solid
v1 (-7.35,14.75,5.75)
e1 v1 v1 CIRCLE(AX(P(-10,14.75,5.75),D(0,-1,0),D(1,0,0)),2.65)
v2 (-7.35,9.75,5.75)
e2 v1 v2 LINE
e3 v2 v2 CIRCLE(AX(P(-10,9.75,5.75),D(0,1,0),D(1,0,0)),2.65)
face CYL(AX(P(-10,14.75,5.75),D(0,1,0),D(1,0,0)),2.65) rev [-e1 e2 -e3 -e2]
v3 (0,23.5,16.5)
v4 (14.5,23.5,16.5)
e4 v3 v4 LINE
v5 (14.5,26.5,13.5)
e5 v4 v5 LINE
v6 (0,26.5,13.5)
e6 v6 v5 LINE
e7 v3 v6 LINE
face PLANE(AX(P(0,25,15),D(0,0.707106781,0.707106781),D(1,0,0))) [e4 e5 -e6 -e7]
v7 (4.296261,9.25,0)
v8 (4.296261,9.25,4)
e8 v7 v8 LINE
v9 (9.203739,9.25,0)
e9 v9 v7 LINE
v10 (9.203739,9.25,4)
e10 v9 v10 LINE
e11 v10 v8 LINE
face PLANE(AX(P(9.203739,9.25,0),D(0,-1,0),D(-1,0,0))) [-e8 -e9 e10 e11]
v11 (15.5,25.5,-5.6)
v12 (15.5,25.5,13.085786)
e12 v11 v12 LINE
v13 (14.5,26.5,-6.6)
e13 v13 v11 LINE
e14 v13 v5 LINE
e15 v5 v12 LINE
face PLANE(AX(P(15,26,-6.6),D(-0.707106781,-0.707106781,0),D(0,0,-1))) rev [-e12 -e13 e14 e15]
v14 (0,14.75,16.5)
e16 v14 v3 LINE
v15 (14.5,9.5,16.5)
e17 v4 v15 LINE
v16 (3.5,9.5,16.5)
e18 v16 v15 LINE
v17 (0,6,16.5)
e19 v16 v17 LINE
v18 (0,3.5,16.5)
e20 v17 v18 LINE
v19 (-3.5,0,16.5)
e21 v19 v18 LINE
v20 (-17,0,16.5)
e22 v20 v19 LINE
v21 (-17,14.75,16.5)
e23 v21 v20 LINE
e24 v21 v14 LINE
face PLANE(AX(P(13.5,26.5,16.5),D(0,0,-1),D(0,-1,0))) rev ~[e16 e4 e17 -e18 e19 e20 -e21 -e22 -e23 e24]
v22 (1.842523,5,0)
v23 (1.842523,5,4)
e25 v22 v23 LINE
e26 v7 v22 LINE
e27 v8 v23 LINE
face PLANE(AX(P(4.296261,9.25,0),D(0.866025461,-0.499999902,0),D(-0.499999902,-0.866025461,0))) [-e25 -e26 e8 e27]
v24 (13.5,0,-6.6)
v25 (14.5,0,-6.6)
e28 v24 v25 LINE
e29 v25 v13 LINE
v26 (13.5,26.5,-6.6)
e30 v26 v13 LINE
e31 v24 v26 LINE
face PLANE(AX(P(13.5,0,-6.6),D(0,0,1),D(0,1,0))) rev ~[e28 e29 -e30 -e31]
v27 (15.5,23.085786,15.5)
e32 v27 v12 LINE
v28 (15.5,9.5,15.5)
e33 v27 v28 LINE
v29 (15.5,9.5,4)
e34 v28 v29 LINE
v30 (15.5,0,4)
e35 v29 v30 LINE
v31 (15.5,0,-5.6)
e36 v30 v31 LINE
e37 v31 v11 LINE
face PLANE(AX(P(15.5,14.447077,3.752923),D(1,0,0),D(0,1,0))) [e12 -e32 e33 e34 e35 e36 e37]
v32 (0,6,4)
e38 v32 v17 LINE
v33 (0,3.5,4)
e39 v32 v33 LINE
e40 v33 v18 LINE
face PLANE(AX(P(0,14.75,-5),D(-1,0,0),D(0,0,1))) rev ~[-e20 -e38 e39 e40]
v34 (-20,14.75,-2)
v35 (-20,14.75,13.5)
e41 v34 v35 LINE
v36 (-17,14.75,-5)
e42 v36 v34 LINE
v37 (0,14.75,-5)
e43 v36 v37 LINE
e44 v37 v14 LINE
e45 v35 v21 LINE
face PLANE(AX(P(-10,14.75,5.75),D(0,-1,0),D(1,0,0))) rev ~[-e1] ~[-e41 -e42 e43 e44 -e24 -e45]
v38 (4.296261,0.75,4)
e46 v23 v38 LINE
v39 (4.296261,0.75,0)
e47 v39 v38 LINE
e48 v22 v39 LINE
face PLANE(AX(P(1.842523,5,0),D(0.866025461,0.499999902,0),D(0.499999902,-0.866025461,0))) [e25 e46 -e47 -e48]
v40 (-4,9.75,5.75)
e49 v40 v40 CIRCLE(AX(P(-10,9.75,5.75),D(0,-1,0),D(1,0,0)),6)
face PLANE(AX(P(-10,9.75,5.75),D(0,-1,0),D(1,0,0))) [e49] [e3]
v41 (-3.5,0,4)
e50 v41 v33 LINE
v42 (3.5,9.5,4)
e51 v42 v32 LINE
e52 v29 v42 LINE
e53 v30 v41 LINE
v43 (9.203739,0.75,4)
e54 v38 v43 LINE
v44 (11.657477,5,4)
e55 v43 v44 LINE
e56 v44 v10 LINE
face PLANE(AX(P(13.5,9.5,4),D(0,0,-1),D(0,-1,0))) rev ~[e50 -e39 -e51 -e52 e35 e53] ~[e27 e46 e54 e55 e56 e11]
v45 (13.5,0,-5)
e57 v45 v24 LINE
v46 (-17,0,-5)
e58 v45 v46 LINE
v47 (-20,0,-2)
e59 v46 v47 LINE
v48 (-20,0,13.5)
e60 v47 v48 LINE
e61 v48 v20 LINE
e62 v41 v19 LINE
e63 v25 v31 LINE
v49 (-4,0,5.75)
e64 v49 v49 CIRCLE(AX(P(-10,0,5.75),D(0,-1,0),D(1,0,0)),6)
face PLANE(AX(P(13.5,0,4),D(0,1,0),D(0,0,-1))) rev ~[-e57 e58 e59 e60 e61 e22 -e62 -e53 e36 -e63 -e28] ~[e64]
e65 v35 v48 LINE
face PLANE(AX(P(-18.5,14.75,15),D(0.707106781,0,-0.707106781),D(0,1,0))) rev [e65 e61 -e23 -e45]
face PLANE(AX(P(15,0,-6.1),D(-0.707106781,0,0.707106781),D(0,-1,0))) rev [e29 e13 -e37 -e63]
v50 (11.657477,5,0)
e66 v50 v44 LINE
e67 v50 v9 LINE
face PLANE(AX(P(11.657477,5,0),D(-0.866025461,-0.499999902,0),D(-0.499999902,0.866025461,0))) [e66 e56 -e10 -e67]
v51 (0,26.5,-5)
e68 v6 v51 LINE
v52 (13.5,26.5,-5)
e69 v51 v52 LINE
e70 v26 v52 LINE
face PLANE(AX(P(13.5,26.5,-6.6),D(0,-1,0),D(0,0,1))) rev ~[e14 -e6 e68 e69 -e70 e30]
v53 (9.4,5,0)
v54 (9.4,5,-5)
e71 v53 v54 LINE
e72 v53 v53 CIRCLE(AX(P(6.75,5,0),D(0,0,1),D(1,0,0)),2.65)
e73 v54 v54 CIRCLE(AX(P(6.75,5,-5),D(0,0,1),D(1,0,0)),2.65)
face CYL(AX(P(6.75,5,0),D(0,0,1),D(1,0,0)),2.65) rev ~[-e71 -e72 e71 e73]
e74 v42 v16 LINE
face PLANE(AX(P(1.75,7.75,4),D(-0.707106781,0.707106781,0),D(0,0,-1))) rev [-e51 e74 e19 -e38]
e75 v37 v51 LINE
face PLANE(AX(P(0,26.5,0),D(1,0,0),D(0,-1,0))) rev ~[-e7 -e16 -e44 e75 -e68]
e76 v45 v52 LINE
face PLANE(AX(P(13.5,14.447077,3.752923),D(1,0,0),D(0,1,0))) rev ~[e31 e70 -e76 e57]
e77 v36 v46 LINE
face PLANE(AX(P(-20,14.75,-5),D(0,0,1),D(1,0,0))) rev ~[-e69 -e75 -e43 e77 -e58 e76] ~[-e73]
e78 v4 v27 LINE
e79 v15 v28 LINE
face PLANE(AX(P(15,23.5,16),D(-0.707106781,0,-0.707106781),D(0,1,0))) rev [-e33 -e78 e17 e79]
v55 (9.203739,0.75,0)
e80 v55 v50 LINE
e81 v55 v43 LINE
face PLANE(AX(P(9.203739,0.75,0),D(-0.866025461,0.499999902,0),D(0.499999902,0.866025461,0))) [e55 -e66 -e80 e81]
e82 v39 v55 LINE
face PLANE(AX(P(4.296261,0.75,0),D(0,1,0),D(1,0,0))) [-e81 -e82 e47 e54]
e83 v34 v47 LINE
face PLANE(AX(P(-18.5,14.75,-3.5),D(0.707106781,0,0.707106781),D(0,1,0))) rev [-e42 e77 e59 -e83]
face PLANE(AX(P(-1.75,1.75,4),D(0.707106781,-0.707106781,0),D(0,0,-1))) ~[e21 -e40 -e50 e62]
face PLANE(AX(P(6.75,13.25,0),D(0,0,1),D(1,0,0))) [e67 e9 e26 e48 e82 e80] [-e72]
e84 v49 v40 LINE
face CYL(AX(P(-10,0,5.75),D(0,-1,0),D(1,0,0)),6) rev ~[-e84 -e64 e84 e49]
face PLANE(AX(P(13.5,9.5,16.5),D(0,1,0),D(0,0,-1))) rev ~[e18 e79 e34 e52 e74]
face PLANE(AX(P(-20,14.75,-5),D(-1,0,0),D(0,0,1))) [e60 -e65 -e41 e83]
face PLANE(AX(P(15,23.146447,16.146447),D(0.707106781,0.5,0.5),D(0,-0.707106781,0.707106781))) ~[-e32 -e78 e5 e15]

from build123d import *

# Parameters (mm, degrees)
SKETCH_W        = 13.5
SKETCH_H        = 26.5
SKETCH_R        = 2.65
PAD_DEPTH       = 5
PAD001_DEPTH    = 4
SKETCH002_W     = 13.5
SKETCH002_H     = 17
PAD002_DEPTH    = 16.5
SKETCH003_W     = 20
SKETCH003_H     = 21.5
SKETCH003_R     = 2.65
PAD003_DEPTH    = 14.75
SKETCH004_R     = 6
POCKET_DEPTH    = 9.75
PAD004_DEPTH    = 2
CHAMFER_SIZE    = 3
CHAMFER001_SIZE = 3.5
CHAMFER002_SIZE = 1


with BuildPart() as part:
    # Sketch → Pad (new body)
    with BuildSketch(Plane.XY):
        with Locations((6.75, 13.25)):
            Rectangle(SKETCH_W, SKETCH_H)
        with Locations((6.75, 5)):
            Circle(SKETCH_R, mode=Mode.SUBTRACT)
    extrude(amount=-PAD_DEPTH)

    # Sketch001 → Pad001 (join)
    with BuildSketch(Plane.XY):
        Polygon((0, 0), (4.729274, 0), (8.770726, 0), (13.5, 0), (13.5, 26.5), (0, 26.5), align=None)
        Polygon((9.203739, 0.75), (11.657477, 5), (9.203739, 9.25), (4.296261, 9.25), (1.842523, 5), (4.296261, 0.75), align=None, mode=Mode.SUBTRACT)
    extrude(amount=PAD001_DEPTH)

    # Sketch002 → Pad002 (join)
    with BuildSketch(Plane.XY):
        with Locations((6.75, 18)):
            Rectangle(SKETCH002_W, SKETCH002_H)
    extrude(amount=PAD002_DEPTH)

    # Sketch003 (on DatumPlane) → Pad003 (join)
    with BuildSketch(Plane.XZ.offset(-14.75)):
        with Locations((-10, 5.75)):
            Rectangle(SKETCH003_W, SKETCH003_H)
        with Locations((-10, 5.75)):
            Circle(SKETCH003_R, mode=Mode.SUBTRACT)
    extrude(amount=PAD003_DEPTH)

    # Sketch004 → Pocket (cut)
    with BuildSketch(Plane.XZ):
        with Locations((-10, 5.75)):
            Circle(SKETCH004_R)
    extrude(amount=-POCKET_DEPTH, mode=Mode.SUBTRACT)

    # Sketch005 (on DatumPlane) → Pad004 (join)
    with BuildSketch(Plane.YZ.offset(13.5)):
        Polygon((0, 0), (0, -6.6), (26.5, -6.6), (26.5, 16.5), (9.5, 16.5), (9.5, 4), (0, 4), align=None)
    extrude(amount=PAD004_DEPTH)

    # Chamfer
    chamfer_edges = [part.edges().sort_by_distance(p)[0] for p in [
        (6.75, 26.5, 16.5),
        (14.5, 26.5, 16.5),
        (-20, 7.375, -5),
        (-20, 7.375, 16.5),
    ]]
    chamfer(chamfer_edges, length=CHAMFER_SIZE)

    # Chamfer001
    chamfer001_edges = [part.edges().sort_by_distance(p)[0] for p in [
        (0, 9.5, 10.25),
        (0, 0, 10.25),
    ]]
    chamfer(chamfer001_edges, length=CHAMFER001_SIZE)

    # Chamfer002
    chamfer002_edges = [part.edges().sort_by_distance(p)[0] for p in [
        (15.5, 16.5, 16.5),
        (15.5, 13.25, -6.6),
        (15.5, 25, 15),
        (15.5, 26.5, 3.45),
    ]]
    chamfer(chamfer002_edges, length=CHAMFER002_SIZE)


solid = part.part
